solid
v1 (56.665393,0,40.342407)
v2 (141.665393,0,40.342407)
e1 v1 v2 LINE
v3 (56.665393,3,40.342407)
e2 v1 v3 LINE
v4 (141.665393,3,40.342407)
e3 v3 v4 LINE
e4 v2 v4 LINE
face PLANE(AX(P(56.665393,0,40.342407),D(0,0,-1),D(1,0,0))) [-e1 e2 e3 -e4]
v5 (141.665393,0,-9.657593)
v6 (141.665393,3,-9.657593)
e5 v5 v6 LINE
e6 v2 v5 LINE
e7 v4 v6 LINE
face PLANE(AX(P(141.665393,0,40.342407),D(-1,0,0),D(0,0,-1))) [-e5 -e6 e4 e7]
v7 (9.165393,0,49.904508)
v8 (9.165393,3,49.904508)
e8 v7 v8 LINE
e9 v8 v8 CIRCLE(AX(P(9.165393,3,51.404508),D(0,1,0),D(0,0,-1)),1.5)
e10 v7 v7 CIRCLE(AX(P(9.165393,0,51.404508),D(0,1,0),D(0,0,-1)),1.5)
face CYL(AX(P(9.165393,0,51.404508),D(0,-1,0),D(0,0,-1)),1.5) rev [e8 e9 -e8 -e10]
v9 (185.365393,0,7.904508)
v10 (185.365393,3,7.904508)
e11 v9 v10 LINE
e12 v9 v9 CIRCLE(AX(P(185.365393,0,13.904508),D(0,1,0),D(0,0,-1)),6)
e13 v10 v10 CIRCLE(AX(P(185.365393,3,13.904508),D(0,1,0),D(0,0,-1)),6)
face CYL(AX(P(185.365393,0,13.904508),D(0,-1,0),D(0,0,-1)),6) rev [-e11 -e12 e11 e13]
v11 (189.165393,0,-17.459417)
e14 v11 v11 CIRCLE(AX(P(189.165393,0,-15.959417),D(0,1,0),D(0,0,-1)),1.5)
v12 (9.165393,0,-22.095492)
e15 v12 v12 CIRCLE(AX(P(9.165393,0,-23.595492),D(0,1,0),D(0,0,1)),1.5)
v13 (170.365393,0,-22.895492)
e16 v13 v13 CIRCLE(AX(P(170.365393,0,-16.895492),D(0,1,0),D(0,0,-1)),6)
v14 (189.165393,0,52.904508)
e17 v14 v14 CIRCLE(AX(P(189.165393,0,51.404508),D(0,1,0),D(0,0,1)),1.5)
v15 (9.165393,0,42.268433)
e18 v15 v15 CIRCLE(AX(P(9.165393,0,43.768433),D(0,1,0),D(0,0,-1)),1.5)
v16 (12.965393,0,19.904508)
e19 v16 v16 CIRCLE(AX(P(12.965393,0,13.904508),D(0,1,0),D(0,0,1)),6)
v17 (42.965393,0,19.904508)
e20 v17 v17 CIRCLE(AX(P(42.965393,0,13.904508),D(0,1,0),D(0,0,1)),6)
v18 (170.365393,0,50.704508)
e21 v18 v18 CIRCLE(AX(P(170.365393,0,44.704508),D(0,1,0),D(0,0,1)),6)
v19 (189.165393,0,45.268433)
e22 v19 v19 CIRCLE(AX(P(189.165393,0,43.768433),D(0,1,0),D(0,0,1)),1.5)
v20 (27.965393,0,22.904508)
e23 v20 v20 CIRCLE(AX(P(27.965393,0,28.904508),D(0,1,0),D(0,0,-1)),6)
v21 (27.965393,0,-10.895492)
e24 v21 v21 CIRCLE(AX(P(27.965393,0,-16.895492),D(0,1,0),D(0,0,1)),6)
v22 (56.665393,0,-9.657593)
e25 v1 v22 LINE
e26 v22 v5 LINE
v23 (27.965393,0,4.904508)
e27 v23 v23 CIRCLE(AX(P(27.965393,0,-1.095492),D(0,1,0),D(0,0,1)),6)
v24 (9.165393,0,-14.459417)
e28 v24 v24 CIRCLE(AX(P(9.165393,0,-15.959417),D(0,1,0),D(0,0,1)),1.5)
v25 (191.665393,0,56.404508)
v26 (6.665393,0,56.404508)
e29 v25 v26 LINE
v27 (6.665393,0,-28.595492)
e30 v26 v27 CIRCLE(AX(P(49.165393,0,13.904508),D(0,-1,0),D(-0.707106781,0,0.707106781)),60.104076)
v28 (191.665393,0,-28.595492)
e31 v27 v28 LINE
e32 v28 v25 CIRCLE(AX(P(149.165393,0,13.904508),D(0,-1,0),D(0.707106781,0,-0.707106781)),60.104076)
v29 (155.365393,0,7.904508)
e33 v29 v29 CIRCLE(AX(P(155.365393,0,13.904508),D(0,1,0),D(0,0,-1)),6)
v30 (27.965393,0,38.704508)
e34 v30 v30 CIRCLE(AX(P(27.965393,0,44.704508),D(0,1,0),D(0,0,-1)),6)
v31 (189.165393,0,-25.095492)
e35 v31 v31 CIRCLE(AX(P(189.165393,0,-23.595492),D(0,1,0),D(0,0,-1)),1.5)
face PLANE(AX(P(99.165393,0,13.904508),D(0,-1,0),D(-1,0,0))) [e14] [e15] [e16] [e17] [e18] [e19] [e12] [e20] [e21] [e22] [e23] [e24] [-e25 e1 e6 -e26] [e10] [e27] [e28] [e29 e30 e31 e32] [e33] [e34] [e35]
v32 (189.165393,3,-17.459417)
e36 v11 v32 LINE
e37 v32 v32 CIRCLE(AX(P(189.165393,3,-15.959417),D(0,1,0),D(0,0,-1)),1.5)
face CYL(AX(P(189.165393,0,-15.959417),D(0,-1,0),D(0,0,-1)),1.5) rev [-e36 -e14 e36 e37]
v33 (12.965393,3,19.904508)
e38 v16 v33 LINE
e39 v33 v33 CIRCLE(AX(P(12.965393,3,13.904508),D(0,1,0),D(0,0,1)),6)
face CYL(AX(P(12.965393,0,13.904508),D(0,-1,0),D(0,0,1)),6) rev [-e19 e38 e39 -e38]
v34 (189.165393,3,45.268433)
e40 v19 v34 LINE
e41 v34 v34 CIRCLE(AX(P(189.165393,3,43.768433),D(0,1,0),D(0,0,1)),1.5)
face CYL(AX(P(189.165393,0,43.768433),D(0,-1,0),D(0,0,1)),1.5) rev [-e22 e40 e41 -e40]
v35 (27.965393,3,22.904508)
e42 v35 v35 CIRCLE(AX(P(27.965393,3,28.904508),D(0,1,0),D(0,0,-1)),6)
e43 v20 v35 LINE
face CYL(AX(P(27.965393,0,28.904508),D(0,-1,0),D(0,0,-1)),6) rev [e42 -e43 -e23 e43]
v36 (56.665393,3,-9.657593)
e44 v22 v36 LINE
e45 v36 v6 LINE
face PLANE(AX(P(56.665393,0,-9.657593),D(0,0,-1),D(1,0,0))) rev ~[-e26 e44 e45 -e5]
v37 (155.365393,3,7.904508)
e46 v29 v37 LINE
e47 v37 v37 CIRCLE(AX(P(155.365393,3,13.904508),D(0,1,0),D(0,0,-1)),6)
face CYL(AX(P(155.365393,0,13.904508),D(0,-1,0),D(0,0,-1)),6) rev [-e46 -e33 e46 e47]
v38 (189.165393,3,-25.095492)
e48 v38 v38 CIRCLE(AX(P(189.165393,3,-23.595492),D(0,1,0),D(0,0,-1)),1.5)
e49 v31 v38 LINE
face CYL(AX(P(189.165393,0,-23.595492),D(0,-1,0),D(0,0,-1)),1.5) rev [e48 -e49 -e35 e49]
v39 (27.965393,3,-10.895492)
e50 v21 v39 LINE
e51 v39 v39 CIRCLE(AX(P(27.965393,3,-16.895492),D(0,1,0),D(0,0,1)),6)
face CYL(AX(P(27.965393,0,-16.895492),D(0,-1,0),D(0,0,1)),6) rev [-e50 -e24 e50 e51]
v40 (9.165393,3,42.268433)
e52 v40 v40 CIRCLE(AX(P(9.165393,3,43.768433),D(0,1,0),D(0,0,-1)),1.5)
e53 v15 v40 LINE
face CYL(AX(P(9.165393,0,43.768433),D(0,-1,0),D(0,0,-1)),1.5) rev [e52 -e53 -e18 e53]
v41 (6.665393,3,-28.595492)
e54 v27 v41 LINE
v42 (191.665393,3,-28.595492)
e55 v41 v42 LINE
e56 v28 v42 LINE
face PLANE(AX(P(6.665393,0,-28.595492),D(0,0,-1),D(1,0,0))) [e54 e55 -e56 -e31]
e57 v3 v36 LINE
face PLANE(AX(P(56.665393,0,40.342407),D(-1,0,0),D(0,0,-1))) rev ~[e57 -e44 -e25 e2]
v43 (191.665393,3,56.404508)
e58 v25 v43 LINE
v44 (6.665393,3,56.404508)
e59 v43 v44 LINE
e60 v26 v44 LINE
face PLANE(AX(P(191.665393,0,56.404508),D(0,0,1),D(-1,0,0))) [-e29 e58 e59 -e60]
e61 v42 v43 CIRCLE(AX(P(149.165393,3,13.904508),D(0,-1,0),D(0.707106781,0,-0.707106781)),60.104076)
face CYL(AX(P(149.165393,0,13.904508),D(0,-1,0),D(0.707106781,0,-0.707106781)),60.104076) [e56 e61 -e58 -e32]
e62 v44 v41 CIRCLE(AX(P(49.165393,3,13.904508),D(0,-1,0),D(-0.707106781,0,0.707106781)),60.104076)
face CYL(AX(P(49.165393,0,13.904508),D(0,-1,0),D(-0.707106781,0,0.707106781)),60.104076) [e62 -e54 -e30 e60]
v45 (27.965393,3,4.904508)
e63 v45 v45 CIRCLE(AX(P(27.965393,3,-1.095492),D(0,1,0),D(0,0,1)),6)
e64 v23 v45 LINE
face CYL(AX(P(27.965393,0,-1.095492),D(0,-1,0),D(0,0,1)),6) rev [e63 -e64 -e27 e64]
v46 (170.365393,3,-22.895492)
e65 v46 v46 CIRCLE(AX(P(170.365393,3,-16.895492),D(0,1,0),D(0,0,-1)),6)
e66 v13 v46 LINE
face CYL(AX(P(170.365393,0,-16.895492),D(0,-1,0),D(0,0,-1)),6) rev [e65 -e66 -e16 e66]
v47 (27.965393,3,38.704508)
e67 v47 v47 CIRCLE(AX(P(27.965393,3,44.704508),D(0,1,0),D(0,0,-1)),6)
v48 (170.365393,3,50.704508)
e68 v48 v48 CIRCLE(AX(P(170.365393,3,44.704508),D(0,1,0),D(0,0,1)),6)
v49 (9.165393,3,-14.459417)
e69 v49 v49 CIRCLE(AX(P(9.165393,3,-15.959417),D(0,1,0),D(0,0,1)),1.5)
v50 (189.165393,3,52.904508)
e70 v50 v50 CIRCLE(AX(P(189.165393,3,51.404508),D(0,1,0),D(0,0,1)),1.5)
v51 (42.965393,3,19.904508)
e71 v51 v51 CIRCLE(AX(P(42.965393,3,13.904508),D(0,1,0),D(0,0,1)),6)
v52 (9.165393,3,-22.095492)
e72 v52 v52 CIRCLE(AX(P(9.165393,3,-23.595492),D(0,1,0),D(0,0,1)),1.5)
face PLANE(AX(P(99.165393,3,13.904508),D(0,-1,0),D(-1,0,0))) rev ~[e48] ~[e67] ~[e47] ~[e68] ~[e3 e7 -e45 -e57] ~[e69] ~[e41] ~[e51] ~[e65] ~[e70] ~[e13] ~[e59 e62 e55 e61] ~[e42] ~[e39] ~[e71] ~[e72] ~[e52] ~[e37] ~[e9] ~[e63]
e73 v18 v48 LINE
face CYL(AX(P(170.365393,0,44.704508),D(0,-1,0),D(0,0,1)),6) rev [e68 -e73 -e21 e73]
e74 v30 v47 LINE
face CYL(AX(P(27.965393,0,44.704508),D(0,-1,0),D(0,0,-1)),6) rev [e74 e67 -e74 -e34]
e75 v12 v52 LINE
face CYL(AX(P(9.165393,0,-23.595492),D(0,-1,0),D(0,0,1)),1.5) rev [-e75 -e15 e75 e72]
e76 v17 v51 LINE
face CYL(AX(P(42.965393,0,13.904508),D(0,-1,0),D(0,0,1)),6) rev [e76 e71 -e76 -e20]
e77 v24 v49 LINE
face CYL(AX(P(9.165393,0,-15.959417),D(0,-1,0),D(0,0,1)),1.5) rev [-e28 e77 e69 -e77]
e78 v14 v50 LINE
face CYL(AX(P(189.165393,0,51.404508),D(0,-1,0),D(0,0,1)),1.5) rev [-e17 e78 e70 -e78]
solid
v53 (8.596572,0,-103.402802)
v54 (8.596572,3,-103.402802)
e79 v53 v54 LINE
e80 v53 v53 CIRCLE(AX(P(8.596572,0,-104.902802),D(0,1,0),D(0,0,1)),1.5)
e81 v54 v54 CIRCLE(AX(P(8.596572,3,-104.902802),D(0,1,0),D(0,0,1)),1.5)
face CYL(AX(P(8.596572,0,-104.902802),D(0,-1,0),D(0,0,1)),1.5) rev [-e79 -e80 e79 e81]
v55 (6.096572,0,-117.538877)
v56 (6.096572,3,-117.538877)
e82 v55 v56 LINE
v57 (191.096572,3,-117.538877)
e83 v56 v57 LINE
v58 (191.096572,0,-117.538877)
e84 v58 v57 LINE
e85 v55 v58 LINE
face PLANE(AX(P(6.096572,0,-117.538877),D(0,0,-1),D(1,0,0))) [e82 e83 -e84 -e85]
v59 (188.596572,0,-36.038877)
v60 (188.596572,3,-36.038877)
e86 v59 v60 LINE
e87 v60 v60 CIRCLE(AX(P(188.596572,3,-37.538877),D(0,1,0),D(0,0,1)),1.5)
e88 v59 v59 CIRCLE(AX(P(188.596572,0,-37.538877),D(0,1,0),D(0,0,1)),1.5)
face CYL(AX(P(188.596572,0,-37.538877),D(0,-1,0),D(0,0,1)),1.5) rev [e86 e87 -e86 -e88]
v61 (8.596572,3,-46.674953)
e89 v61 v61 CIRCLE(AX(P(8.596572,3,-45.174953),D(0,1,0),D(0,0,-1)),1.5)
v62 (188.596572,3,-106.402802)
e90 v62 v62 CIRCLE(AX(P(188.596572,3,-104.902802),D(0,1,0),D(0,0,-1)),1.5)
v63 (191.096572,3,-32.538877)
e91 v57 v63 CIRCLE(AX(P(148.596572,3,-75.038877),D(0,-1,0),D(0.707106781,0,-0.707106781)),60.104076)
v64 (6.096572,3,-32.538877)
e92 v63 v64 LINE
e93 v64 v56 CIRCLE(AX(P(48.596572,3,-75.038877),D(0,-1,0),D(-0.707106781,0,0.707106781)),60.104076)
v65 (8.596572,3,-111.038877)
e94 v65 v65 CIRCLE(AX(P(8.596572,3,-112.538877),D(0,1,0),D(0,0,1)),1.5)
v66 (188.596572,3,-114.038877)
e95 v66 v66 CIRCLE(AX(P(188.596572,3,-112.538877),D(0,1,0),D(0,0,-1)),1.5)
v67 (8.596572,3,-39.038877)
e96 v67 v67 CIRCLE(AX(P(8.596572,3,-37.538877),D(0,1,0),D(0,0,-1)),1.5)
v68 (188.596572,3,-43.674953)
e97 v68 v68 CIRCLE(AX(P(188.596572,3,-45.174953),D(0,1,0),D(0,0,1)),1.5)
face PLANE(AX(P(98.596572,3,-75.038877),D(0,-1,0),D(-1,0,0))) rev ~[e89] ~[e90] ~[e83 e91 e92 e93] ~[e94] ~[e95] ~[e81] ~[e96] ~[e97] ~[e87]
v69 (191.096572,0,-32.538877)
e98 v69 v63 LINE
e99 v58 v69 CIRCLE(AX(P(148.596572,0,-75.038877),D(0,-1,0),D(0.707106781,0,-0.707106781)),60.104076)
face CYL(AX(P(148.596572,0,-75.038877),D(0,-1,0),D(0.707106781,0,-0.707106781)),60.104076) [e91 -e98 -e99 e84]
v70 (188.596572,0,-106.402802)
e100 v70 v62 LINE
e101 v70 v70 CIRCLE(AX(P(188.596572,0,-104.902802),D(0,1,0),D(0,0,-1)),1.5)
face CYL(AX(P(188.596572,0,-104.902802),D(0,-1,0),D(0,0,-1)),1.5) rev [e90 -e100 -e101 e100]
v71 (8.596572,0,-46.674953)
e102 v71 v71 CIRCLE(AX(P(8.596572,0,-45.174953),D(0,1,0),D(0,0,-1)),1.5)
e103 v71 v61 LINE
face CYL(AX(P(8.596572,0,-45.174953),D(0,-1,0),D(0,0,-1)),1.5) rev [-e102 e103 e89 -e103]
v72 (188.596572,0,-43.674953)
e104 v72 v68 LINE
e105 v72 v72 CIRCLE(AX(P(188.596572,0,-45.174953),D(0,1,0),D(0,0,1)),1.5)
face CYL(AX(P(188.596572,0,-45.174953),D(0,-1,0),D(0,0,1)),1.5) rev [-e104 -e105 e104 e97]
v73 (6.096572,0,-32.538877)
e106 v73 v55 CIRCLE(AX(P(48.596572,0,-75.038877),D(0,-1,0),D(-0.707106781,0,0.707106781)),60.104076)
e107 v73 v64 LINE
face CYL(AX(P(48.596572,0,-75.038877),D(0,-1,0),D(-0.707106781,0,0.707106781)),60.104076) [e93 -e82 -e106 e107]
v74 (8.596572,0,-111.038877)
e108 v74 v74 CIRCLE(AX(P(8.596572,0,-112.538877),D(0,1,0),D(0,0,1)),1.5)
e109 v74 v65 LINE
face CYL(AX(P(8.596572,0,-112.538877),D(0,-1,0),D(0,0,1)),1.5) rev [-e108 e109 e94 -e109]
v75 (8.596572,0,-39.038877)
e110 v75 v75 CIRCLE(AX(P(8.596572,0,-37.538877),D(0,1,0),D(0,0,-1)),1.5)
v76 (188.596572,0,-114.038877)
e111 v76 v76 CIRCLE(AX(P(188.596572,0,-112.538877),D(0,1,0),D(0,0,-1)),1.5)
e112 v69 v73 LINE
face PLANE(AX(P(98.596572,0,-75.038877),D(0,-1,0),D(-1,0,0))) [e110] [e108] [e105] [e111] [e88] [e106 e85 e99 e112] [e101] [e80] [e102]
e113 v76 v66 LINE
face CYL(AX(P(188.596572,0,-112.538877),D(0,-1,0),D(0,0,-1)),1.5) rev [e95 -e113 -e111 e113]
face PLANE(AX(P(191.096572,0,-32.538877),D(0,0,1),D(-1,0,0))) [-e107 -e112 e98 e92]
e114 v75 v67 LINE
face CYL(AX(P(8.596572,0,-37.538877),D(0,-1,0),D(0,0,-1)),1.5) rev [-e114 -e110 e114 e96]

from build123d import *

# Parameters (mm, degrees)
SKETCH2_R             = 6
SKETCH2_R_2           = 1.5
SKETCH2_W             = 85
SKETCH2_H             = 50
BOSS_EXTRUDE1_DEPTH   = 3
BOSS_EXTRUDE1_2_DEPTH = 3


with BuildPart() as part:
    # Sketch2 → Boss-Extrude1 (new body)
    with BuildSketch(Plane(origin=(0, 0, 0), x_dir=(1, 0, 0), z_dir=(0, 1, 0))):
        with BuildLine():
            Line((6.665393172, 28.595491829), (191.665393172, 28.595491829))
            ThreePointArc((191.665393172, 28.595491829), (209.269469573, -13.904508171), (191.665393172, -56.404508171))
            Line((191.665393172, -56.404508171), (6.665393172, -56.404508171))
            ThreePointArc((6.665393172, -56.404508171), (-10.938683229, -13.904508171), (6.665393172, 28.595491829))
        make_face()
        with Locations(Location((42.965393172, -13.904508171, 0), (0, 0, 270))):
            Circle(SKETCH2_R, mode=Mode.SUBTRACT)
        with Locations(Location((12.965393172, -13.904508171, 0), (0, 0, 270))):
            Circle(SKETCH2_R, mode=Mode.SUBTRACT)
        with Locations(Location((27.965393172, 1.095491829, 0), (0, 0, 270))):
            Circle(SKETCH2_R, mode=Mode.SUBTRACT)
        with Locations(Location((27.965393172, -28.904508171, 0), (0, 0, 90))):
            Circle(SKETCH2_R, mode=Mode.SUBTRACT)
        with Locations(Location((155.365393172, -13.904508171, 0), (0, 0, 90))):
            Circle(SKETCH2_R, mode=Mode.SUBTRACT)
        with Locations(Location((185.365393172, -13.904508171, 0), (0, 0, 90))):
            Circle(SKETCH2_R, mode=Mode.SUBTRACT)
        with Locations(Location((27.965393172, 16.895491829, 0), (0, 0, 270))):
            Circle(SKETCH2_R, mode=Mode.SUBTRACT)
        with Locations(Location((27.965393172, -44.704508171, 0), (0, 0, 90))):
            Circle(SKETCH2_R, mode=Mode.SUBTRACT)
        with Locations(Location((170.365393172, -44.704508171, 0), (0, 0, 270))):
            Circle(SKETCH2_R, mode=Mode.SUBTRACT)
        with Locations(Location((170.365393172, 16.895491829, 0), (0, 0, 90))):
            Circle(SKETCH2_R, mode=Mode.SUBTRACT)
        with Locations(Location((9.165393172, 23.595491829, 0), (0, 0, 270))):
            Circle(SKETCH2_R_2, mode=Mode.SUBTRACT)
        with Locations(Location((189.165393172, 23.595491829, 0), (0, 0, 90))):
            Circle(SKETCH2_R_2, mode=Mode.SUBTRACT)
        with Locations(Location((189.165393172, -51.404508171, 0), (0, 0, 270))):
            Circle(SKETCH2_R_2, mode=Mode.SUBTRACT)
        with Locations(Location((9.165393172, -51.404508171, 0), (0, 0, 90))):
            Circle(SKETCH2_R_2, mode=Mode.SUBTRACT)
        with Locations(Location((9.165393172, 15.959416538, 0), (0, 0, 270))):
            Circle(SKETCH2_R_2, mode=Mode.SUBTRACT)
        with Locations(Location((9.165393172, -43.768432879, 0), (0, 0, 90))):
            Circle(SKETCH2_R_2, mode=Mode.SUBTRACT)
        with Locations(Location((189.165393172, -43.768432879, 0), (0, 0, 270))):
            Circle(SKETCH2_R_2, mode=Mode.SUBTRACT)
        with Locations(Location((189.165393172, 15.959416538, 0), (0, 0, 90))):
            Circle(SKETCH2_R_2, mode=Mode.SUBTRACT)
        with Locations((99.165393172, -15.342407185)):
            Rectangle(SKETCH2_W, SKETCH2_H, mode=Mode.SUBTRACT)
    extrude(amount=BOSS_EXTRUDE1_DEPTH)


with BuildPart() as body_2:
    # Sketch2 → Boss-Extrude1 2 (new body)
    with BuildSketch(Plane(origin=(0, 0, 0), x_dir=(1, 0, 0), z_dir=(0, 1, 0))):
        with BuildLine():
            Line((6.096572166, 117.53887725), (191.096572166, 117.53887725))
            ThreePointArc((191.096572166, 117.53887725), (208.700648567, 75.03887725), (191.096572166, 32.53887725))
            Line((191.096572166, 32.53887725), (6.096572166, 32.53887725))
            ThreePointArc((6.096572166, 32.53887725), (-11.507504235, 75.03887725), (6.096572166, 117.53887725))
        make_face()
        with Locations(Location((8.596572166, 112.53887725, 0), (0, 0, 270))):
            Circle(SKETCH2_R_2, mode=Mode.SUBTRACT)
        with Locations(Location((188.596572166, 112.53887725, 0), (0, 0, 90))):
            Circle(SKETCH2_R_2, mode=Mode.SUBTRACT)
        with Locations(Location((188.596572166, 37.53887725, 0), (0, 0, 270))):
            Circle(SKETCH2_R_2, mode=Mode.SUBTRACT)
        with Locations(Location((8.596572166, 37.53887725, 0), (0, 0, 90))):
            Circle(SKETCH2_R_2, mode=Mode.SUBTRACT)
        with Locations(Location((8.596572166, 104.902801959, 0), (0, 0, 270))):
            Circle(SKETCH2_R_2, mode=Mode.SUBTRACT)
        with Locations(Location((8.596572166, 45.174952542, 0), (0, 0, 90))):
            Circle(SKETCH2_R_2, mode=Mode.SUBTRACT)
        with Locations(Location((188.596572166, 45.174952542, 0), (0, 0, 270))):
            Circle(SKETCH2_R_2, mode=Mode.SUBTRACT)
        with Locations(Location((188.596572166, 104.902801959, 0), (0, 0, 90))):
            Circle(SKETCH2_R_2, mode=Mode.SUBTRACT)
    extrude(amount=BOSS_EXTRUDE1_2_DEPTH)


solid = Compound([part.part, body_2.part])
